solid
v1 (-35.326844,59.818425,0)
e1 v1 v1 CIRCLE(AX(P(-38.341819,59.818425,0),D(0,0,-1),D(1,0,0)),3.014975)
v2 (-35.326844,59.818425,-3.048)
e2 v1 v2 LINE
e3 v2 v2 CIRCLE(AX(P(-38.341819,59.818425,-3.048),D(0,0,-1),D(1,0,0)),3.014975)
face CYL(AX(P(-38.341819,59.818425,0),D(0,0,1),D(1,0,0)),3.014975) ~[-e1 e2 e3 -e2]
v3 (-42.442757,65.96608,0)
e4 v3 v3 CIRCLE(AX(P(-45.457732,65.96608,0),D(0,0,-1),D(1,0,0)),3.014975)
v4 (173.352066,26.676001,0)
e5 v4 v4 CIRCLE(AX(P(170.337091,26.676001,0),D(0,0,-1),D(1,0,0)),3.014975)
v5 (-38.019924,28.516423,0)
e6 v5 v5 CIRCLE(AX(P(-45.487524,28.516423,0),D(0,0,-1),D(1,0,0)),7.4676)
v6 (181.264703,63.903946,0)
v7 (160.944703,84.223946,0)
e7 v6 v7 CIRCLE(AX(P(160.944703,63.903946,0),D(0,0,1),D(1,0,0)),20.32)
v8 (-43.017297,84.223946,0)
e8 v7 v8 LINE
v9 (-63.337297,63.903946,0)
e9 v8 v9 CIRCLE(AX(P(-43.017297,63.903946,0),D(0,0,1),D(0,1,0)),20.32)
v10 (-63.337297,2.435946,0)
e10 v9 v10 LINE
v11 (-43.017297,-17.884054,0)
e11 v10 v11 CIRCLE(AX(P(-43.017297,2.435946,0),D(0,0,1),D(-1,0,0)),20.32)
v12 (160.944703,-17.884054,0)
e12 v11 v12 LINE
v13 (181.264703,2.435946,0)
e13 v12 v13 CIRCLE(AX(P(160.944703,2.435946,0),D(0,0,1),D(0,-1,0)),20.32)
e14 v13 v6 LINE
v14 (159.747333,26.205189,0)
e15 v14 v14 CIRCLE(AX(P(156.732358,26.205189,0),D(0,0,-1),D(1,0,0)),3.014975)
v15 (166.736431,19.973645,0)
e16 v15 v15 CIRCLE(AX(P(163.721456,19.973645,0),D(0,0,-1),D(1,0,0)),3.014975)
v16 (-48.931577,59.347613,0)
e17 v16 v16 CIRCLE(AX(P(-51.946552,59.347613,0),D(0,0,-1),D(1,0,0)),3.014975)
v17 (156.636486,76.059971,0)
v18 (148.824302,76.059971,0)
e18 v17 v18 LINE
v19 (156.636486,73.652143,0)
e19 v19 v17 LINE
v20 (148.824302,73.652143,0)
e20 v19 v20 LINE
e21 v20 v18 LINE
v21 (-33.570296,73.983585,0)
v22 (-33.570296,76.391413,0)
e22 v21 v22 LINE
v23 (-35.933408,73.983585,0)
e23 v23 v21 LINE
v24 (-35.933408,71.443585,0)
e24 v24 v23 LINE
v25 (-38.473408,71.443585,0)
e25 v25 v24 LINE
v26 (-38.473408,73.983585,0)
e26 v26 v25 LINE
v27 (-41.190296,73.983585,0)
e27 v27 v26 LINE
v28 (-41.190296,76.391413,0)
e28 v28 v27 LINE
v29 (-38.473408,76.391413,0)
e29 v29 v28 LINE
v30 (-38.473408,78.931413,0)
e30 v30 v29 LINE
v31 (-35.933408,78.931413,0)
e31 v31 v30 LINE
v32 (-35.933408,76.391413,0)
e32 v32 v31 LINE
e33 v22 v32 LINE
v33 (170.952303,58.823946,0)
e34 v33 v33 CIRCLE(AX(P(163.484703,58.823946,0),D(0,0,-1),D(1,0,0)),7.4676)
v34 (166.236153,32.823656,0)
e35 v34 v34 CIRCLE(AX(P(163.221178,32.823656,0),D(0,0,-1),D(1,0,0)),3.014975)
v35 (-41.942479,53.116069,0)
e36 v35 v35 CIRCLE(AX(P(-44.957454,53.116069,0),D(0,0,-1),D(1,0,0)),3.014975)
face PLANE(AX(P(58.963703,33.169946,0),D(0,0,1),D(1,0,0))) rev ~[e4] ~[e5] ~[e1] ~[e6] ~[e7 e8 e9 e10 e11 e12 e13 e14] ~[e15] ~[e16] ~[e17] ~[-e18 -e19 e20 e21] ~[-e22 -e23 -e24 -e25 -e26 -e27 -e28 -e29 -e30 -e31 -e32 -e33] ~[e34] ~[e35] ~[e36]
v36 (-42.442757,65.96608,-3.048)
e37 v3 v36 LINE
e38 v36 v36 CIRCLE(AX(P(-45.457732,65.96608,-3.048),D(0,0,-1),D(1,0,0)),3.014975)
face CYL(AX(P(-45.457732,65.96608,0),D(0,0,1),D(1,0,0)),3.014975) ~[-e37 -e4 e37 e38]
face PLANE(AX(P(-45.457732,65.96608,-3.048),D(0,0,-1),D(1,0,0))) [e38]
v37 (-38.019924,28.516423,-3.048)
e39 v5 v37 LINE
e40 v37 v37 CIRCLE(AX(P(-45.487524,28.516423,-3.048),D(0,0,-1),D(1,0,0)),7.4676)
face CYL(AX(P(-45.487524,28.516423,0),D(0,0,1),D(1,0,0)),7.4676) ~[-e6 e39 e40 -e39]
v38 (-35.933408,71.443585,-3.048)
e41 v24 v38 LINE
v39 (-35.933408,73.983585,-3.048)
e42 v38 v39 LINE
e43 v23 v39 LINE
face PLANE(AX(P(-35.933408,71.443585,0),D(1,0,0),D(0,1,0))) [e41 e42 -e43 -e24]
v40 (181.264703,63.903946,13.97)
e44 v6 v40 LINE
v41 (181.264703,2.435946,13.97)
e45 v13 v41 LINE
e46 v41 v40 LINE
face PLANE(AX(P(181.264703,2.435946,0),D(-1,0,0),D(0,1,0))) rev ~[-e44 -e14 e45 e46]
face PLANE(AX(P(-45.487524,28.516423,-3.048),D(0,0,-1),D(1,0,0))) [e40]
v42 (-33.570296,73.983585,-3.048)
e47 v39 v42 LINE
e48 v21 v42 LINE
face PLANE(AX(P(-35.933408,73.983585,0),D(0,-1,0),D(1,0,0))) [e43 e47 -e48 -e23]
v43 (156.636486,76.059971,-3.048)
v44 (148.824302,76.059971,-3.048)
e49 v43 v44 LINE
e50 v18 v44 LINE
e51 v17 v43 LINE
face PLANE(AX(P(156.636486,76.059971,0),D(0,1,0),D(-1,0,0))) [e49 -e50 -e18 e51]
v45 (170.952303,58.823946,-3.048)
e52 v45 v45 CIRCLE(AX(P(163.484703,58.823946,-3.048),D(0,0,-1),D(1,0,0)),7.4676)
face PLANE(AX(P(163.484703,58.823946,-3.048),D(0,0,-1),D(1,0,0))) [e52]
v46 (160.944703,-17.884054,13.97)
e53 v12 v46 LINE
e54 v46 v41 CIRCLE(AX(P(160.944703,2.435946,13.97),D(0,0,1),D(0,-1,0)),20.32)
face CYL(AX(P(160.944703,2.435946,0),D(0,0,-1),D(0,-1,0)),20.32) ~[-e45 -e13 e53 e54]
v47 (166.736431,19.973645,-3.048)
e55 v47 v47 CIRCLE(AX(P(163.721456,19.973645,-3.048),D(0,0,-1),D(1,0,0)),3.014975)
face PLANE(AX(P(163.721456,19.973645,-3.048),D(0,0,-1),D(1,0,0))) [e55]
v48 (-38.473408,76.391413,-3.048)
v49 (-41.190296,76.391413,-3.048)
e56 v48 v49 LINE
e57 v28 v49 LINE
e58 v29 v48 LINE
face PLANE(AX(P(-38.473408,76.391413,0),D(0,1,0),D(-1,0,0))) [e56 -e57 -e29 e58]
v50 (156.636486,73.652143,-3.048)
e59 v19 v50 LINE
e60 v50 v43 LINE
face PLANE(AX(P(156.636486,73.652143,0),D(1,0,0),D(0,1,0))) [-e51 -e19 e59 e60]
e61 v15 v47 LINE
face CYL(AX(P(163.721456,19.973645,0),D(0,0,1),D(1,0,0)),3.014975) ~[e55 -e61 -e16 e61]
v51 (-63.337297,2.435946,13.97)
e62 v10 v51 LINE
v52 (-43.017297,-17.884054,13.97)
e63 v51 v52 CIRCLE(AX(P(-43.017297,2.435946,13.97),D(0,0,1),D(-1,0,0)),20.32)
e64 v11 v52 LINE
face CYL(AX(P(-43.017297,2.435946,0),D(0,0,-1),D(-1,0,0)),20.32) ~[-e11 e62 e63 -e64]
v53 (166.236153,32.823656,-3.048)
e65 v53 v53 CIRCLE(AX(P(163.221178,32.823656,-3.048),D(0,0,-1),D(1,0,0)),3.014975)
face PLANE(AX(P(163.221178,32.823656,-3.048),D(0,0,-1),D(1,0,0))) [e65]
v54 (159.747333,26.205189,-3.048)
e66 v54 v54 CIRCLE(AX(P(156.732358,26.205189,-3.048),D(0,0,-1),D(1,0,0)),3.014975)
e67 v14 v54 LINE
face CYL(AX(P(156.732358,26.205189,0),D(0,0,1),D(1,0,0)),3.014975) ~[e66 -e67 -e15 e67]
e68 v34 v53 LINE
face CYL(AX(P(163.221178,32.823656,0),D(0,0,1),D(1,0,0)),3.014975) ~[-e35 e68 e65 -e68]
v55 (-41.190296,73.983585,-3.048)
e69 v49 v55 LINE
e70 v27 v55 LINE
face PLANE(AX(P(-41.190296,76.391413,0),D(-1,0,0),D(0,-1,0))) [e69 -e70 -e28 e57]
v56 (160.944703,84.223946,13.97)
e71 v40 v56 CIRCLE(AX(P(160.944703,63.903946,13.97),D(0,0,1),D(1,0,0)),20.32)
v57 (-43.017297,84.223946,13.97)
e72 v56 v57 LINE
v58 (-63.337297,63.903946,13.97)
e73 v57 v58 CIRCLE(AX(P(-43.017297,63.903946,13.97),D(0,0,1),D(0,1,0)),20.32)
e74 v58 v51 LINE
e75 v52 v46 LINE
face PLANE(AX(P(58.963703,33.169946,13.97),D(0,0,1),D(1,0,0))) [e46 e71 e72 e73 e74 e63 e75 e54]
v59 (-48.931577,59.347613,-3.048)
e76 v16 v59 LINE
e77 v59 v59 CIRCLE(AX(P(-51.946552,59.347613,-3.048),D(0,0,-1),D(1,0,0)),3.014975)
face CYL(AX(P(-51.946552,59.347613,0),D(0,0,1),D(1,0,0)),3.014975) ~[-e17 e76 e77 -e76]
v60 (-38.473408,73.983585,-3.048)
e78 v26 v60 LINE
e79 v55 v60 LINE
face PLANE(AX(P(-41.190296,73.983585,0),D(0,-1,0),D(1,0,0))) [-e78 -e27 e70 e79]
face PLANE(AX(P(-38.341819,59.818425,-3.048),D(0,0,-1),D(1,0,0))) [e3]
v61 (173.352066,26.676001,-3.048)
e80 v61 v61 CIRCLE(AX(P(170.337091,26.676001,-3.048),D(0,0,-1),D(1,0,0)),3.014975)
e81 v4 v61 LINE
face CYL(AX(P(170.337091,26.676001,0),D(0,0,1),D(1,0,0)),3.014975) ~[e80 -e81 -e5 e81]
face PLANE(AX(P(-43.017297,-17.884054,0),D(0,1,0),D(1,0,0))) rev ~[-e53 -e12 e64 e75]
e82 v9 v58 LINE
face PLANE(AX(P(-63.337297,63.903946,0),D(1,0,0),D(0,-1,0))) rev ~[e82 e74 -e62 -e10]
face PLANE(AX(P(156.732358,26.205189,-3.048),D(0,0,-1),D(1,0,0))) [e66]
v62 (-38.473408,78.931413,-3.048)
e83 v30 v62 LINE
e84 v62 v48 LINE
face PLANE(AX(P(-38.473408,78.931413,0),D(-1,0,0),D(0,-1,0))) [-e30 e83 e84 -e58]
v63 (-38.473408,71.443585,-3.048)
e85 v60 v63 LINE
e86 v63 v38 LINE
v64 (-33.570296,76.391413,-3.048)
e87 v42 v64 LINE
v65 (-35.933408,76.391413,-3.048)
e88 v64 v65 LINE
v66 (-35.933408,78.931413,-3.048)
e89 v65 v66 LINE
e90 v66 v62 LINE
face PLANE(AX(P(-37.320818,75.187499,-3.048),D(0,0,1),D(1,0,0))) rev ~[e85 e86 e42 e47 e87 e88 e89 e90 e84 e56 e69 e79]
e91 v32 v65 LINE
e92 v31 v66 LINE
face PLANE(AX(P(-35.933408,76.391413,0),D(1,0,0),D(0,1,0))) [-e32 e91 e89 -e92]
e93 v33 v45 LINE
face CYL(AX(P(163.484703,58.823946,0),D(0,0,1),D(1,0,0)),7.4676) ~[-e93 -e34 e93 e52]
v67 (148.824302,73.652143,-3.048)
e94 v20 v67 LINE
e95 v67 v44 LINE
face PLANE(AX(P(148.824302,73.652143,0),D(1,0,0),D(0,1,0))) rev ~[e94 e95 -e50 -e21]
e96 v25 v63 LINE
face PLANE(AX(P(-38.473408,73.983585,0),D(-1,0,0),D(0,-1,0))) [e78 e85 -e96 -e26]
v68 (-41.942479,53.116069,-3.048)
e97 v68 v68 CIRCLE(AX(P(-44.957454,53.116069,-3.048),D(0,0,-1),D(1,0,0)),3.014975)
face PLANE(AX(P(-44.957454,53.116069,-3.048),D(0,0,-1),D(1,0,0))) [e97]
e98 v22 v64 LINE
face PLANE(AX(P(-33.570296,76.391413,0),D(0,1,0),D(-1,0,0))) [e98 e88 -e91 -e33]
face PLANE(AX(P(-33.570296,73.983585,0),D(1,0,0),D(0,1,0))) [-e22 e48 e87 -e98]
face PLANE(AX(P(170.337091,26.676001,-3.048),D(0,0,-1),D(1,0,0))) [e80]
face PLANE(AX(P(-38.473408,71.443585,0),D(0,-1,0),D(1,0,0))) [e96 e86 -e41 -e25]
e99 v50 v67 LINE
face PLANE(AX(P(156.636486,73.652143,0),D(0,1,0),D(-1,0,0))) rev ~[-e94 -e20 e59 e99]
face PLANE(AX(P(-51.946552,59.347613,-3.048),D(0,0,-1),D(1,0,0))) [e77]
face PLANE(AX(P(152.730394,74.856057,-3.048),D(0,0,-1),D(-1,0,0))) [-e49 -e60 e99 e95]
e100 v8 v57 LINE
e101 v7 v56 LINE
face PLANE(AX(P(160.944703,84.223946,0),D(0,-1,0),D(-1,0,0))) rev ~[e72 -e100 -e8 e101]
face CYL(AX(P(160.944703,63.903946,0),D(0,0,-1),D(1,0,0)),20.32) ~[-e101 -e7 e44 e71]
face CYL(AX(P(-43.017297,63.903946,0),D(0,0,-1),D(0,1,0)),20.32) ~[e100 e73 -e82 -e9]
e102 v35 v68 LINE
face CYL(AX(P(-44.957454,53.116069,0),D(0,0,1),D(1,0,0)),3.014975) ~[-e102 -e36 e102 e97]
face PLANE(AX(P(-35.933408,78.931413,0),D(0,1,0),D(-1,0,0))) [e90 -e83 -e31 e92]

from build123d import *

# Parameters (mm, degrees)
SKETCH1_W           = 172.974
SKETCH1_H           = 102.108
BOSS_EXTRUDE1_DEPTH = 13.97
SKETCH2_R           = 7.4676
SKETCH2_R_2         = 3.014975044
SKETCH2_W           = 7.81218406
SKETCH2_H           = 2.407827673
BOSS_EXTRUDE3_DEPTH = 3.048
SKETCH3_R           = 7.4676
SKETCH3_R_2         = 3.014975044
BOSS_EXTRUDE5_DEPTH = 3.048


with BuildPart() as part:
    # Sketch1 → Boss-Extrude1 (new body)
    with BuildSketch(Plane.XY):
        with Locations((58.9637029, 33.169946412)):
            Rectangle(SKETCH1_W, SKETCH1_H)
        with BuildLine():
            Line((-27.5232971, 84.223946412), (-43.0172971, 84.223946412))
            ThreePointArc((-43.0172971, 84.223946412), (-57.385706894, 78.272356205), (-63.3372971, 63.903946412))
            Line((-63.3372971, 63.903946412), (-63.3372971, 2.435946412))
            ThreePointArc((-63.3372971, 2.435946412), (-57.385706894, -11.932463382), (-43.0172971, -17.884053588))
            Line((-43.0172971, -17.884053588), (-27.5232971, -17.884053588))
            Line((-27.5232971, -17.884053588), (-27.5232971, 84.223946412))
        make_face()
        with BuildLine():
            Line((160.9447029, 84.223946412), (145.4507029, 84.223946412))
            Line((145.4507029, 84.223946412), (145.4507029, -17.884053588))
            Line((145.4507029, -17.884053588), (160.9447029, -17.884053588))
            ThreePointArc((160.9447029, -17.884053588), (175.313112694, -11.932463382), (181.2647029, 2.435946412))
            Line((181.2647029, 2.435946412), (181.2647029, 63.903946412))
            ThreePointArc((181.2647029, 63.903946412), (175.313112694, 78.272356205), (160.9447029, 84.223946412))
        make_face()
    extrude(amount=BOSS_EXTRUDE1_DEPTH)

    # Sketch2 → Boss-Extrude3 (add)
    with BuildSketch(Plane(origin=(0, 0, 0), x_dir=(-1, 0, 0), z_dir=(0, 0, -1))):
        with Locations(Location((-163.4847029, 58.823946412, 0), (0, 0, 180))):
            Circle(SKETCH2_R)
        with Locations(Location((-170.337090886, 26.676001086, 0), (0, 0, 180))):
            Circle(SKETCH2_R_2)
        with Locations(Location((-163.221177768, 32.823656386, 0), (0, 0, 180))):
            Circle(SKETCH2_R_2)
        with Locations(Location((-156.732358191, 26.205188985, 0), (0, 0, 180))):
            Circle(SKETCH2_R_2)
        with Locations(Location((-163.721455714, 19.973644896, 0), (0, 0, 180))):
            Circle(SKETCH2_R_2)
        with Locations((-152.730393721, 74.856056835)):
            Rectangle(SKETCH2_W, SKETCH2_H)
    extrude(amount=BOSS_EXTRUDE3_DEPTH)

    # Sketch3 → Boss-Extrude5 (add)
    with BuildSketch(Plane(origin=(0, 0, 0), x_dir=(-1, 0, 0), z_dir=(0, 0, -1))):
        with Locations(Location((45.487523866, 28.516423037, 0), (0, 0, 180))):
            Circle(SKETCH3_R)
        with Locations(Location((44.957454366, 53.116068624, 0), (0, 0, 180))):
            Circle(SKETCH3_R_2)
        with Locations(Location((38.341819194, 59.818424813, 0), (0, 0, 180))):
            Circle(SKETCH3_R_2)
        with Locations(Location((45.457732312, 65.966080113, 0), (0, 0, 180))):
            Circle(SKETCH3_R_2)
        with Locations(Location((51.94655189, 59.347612713, 0), (0, 0, 180))):
            Circle(SKETCH3_R_2)
        Polygon((38.47340824, 76.391412748), (41.190295926, 76.391412748), (41.190295926, 73.983585075), (38.47340824, 73.983585075), (38.47340824, 71.443585075), (35.93340824, 71.443585075), (35.93340824, 73.983585075), (33.570295926, 73.983585075), (33.570295926, 76.391412748), (35.93340824, 76.391412748), (35.93340824, 78.931412748), (38.47340824, 78.931412748), align=None)
    extrude(amount=BOSS_EXTRUDE5_DEPTH)


solid = part.part
